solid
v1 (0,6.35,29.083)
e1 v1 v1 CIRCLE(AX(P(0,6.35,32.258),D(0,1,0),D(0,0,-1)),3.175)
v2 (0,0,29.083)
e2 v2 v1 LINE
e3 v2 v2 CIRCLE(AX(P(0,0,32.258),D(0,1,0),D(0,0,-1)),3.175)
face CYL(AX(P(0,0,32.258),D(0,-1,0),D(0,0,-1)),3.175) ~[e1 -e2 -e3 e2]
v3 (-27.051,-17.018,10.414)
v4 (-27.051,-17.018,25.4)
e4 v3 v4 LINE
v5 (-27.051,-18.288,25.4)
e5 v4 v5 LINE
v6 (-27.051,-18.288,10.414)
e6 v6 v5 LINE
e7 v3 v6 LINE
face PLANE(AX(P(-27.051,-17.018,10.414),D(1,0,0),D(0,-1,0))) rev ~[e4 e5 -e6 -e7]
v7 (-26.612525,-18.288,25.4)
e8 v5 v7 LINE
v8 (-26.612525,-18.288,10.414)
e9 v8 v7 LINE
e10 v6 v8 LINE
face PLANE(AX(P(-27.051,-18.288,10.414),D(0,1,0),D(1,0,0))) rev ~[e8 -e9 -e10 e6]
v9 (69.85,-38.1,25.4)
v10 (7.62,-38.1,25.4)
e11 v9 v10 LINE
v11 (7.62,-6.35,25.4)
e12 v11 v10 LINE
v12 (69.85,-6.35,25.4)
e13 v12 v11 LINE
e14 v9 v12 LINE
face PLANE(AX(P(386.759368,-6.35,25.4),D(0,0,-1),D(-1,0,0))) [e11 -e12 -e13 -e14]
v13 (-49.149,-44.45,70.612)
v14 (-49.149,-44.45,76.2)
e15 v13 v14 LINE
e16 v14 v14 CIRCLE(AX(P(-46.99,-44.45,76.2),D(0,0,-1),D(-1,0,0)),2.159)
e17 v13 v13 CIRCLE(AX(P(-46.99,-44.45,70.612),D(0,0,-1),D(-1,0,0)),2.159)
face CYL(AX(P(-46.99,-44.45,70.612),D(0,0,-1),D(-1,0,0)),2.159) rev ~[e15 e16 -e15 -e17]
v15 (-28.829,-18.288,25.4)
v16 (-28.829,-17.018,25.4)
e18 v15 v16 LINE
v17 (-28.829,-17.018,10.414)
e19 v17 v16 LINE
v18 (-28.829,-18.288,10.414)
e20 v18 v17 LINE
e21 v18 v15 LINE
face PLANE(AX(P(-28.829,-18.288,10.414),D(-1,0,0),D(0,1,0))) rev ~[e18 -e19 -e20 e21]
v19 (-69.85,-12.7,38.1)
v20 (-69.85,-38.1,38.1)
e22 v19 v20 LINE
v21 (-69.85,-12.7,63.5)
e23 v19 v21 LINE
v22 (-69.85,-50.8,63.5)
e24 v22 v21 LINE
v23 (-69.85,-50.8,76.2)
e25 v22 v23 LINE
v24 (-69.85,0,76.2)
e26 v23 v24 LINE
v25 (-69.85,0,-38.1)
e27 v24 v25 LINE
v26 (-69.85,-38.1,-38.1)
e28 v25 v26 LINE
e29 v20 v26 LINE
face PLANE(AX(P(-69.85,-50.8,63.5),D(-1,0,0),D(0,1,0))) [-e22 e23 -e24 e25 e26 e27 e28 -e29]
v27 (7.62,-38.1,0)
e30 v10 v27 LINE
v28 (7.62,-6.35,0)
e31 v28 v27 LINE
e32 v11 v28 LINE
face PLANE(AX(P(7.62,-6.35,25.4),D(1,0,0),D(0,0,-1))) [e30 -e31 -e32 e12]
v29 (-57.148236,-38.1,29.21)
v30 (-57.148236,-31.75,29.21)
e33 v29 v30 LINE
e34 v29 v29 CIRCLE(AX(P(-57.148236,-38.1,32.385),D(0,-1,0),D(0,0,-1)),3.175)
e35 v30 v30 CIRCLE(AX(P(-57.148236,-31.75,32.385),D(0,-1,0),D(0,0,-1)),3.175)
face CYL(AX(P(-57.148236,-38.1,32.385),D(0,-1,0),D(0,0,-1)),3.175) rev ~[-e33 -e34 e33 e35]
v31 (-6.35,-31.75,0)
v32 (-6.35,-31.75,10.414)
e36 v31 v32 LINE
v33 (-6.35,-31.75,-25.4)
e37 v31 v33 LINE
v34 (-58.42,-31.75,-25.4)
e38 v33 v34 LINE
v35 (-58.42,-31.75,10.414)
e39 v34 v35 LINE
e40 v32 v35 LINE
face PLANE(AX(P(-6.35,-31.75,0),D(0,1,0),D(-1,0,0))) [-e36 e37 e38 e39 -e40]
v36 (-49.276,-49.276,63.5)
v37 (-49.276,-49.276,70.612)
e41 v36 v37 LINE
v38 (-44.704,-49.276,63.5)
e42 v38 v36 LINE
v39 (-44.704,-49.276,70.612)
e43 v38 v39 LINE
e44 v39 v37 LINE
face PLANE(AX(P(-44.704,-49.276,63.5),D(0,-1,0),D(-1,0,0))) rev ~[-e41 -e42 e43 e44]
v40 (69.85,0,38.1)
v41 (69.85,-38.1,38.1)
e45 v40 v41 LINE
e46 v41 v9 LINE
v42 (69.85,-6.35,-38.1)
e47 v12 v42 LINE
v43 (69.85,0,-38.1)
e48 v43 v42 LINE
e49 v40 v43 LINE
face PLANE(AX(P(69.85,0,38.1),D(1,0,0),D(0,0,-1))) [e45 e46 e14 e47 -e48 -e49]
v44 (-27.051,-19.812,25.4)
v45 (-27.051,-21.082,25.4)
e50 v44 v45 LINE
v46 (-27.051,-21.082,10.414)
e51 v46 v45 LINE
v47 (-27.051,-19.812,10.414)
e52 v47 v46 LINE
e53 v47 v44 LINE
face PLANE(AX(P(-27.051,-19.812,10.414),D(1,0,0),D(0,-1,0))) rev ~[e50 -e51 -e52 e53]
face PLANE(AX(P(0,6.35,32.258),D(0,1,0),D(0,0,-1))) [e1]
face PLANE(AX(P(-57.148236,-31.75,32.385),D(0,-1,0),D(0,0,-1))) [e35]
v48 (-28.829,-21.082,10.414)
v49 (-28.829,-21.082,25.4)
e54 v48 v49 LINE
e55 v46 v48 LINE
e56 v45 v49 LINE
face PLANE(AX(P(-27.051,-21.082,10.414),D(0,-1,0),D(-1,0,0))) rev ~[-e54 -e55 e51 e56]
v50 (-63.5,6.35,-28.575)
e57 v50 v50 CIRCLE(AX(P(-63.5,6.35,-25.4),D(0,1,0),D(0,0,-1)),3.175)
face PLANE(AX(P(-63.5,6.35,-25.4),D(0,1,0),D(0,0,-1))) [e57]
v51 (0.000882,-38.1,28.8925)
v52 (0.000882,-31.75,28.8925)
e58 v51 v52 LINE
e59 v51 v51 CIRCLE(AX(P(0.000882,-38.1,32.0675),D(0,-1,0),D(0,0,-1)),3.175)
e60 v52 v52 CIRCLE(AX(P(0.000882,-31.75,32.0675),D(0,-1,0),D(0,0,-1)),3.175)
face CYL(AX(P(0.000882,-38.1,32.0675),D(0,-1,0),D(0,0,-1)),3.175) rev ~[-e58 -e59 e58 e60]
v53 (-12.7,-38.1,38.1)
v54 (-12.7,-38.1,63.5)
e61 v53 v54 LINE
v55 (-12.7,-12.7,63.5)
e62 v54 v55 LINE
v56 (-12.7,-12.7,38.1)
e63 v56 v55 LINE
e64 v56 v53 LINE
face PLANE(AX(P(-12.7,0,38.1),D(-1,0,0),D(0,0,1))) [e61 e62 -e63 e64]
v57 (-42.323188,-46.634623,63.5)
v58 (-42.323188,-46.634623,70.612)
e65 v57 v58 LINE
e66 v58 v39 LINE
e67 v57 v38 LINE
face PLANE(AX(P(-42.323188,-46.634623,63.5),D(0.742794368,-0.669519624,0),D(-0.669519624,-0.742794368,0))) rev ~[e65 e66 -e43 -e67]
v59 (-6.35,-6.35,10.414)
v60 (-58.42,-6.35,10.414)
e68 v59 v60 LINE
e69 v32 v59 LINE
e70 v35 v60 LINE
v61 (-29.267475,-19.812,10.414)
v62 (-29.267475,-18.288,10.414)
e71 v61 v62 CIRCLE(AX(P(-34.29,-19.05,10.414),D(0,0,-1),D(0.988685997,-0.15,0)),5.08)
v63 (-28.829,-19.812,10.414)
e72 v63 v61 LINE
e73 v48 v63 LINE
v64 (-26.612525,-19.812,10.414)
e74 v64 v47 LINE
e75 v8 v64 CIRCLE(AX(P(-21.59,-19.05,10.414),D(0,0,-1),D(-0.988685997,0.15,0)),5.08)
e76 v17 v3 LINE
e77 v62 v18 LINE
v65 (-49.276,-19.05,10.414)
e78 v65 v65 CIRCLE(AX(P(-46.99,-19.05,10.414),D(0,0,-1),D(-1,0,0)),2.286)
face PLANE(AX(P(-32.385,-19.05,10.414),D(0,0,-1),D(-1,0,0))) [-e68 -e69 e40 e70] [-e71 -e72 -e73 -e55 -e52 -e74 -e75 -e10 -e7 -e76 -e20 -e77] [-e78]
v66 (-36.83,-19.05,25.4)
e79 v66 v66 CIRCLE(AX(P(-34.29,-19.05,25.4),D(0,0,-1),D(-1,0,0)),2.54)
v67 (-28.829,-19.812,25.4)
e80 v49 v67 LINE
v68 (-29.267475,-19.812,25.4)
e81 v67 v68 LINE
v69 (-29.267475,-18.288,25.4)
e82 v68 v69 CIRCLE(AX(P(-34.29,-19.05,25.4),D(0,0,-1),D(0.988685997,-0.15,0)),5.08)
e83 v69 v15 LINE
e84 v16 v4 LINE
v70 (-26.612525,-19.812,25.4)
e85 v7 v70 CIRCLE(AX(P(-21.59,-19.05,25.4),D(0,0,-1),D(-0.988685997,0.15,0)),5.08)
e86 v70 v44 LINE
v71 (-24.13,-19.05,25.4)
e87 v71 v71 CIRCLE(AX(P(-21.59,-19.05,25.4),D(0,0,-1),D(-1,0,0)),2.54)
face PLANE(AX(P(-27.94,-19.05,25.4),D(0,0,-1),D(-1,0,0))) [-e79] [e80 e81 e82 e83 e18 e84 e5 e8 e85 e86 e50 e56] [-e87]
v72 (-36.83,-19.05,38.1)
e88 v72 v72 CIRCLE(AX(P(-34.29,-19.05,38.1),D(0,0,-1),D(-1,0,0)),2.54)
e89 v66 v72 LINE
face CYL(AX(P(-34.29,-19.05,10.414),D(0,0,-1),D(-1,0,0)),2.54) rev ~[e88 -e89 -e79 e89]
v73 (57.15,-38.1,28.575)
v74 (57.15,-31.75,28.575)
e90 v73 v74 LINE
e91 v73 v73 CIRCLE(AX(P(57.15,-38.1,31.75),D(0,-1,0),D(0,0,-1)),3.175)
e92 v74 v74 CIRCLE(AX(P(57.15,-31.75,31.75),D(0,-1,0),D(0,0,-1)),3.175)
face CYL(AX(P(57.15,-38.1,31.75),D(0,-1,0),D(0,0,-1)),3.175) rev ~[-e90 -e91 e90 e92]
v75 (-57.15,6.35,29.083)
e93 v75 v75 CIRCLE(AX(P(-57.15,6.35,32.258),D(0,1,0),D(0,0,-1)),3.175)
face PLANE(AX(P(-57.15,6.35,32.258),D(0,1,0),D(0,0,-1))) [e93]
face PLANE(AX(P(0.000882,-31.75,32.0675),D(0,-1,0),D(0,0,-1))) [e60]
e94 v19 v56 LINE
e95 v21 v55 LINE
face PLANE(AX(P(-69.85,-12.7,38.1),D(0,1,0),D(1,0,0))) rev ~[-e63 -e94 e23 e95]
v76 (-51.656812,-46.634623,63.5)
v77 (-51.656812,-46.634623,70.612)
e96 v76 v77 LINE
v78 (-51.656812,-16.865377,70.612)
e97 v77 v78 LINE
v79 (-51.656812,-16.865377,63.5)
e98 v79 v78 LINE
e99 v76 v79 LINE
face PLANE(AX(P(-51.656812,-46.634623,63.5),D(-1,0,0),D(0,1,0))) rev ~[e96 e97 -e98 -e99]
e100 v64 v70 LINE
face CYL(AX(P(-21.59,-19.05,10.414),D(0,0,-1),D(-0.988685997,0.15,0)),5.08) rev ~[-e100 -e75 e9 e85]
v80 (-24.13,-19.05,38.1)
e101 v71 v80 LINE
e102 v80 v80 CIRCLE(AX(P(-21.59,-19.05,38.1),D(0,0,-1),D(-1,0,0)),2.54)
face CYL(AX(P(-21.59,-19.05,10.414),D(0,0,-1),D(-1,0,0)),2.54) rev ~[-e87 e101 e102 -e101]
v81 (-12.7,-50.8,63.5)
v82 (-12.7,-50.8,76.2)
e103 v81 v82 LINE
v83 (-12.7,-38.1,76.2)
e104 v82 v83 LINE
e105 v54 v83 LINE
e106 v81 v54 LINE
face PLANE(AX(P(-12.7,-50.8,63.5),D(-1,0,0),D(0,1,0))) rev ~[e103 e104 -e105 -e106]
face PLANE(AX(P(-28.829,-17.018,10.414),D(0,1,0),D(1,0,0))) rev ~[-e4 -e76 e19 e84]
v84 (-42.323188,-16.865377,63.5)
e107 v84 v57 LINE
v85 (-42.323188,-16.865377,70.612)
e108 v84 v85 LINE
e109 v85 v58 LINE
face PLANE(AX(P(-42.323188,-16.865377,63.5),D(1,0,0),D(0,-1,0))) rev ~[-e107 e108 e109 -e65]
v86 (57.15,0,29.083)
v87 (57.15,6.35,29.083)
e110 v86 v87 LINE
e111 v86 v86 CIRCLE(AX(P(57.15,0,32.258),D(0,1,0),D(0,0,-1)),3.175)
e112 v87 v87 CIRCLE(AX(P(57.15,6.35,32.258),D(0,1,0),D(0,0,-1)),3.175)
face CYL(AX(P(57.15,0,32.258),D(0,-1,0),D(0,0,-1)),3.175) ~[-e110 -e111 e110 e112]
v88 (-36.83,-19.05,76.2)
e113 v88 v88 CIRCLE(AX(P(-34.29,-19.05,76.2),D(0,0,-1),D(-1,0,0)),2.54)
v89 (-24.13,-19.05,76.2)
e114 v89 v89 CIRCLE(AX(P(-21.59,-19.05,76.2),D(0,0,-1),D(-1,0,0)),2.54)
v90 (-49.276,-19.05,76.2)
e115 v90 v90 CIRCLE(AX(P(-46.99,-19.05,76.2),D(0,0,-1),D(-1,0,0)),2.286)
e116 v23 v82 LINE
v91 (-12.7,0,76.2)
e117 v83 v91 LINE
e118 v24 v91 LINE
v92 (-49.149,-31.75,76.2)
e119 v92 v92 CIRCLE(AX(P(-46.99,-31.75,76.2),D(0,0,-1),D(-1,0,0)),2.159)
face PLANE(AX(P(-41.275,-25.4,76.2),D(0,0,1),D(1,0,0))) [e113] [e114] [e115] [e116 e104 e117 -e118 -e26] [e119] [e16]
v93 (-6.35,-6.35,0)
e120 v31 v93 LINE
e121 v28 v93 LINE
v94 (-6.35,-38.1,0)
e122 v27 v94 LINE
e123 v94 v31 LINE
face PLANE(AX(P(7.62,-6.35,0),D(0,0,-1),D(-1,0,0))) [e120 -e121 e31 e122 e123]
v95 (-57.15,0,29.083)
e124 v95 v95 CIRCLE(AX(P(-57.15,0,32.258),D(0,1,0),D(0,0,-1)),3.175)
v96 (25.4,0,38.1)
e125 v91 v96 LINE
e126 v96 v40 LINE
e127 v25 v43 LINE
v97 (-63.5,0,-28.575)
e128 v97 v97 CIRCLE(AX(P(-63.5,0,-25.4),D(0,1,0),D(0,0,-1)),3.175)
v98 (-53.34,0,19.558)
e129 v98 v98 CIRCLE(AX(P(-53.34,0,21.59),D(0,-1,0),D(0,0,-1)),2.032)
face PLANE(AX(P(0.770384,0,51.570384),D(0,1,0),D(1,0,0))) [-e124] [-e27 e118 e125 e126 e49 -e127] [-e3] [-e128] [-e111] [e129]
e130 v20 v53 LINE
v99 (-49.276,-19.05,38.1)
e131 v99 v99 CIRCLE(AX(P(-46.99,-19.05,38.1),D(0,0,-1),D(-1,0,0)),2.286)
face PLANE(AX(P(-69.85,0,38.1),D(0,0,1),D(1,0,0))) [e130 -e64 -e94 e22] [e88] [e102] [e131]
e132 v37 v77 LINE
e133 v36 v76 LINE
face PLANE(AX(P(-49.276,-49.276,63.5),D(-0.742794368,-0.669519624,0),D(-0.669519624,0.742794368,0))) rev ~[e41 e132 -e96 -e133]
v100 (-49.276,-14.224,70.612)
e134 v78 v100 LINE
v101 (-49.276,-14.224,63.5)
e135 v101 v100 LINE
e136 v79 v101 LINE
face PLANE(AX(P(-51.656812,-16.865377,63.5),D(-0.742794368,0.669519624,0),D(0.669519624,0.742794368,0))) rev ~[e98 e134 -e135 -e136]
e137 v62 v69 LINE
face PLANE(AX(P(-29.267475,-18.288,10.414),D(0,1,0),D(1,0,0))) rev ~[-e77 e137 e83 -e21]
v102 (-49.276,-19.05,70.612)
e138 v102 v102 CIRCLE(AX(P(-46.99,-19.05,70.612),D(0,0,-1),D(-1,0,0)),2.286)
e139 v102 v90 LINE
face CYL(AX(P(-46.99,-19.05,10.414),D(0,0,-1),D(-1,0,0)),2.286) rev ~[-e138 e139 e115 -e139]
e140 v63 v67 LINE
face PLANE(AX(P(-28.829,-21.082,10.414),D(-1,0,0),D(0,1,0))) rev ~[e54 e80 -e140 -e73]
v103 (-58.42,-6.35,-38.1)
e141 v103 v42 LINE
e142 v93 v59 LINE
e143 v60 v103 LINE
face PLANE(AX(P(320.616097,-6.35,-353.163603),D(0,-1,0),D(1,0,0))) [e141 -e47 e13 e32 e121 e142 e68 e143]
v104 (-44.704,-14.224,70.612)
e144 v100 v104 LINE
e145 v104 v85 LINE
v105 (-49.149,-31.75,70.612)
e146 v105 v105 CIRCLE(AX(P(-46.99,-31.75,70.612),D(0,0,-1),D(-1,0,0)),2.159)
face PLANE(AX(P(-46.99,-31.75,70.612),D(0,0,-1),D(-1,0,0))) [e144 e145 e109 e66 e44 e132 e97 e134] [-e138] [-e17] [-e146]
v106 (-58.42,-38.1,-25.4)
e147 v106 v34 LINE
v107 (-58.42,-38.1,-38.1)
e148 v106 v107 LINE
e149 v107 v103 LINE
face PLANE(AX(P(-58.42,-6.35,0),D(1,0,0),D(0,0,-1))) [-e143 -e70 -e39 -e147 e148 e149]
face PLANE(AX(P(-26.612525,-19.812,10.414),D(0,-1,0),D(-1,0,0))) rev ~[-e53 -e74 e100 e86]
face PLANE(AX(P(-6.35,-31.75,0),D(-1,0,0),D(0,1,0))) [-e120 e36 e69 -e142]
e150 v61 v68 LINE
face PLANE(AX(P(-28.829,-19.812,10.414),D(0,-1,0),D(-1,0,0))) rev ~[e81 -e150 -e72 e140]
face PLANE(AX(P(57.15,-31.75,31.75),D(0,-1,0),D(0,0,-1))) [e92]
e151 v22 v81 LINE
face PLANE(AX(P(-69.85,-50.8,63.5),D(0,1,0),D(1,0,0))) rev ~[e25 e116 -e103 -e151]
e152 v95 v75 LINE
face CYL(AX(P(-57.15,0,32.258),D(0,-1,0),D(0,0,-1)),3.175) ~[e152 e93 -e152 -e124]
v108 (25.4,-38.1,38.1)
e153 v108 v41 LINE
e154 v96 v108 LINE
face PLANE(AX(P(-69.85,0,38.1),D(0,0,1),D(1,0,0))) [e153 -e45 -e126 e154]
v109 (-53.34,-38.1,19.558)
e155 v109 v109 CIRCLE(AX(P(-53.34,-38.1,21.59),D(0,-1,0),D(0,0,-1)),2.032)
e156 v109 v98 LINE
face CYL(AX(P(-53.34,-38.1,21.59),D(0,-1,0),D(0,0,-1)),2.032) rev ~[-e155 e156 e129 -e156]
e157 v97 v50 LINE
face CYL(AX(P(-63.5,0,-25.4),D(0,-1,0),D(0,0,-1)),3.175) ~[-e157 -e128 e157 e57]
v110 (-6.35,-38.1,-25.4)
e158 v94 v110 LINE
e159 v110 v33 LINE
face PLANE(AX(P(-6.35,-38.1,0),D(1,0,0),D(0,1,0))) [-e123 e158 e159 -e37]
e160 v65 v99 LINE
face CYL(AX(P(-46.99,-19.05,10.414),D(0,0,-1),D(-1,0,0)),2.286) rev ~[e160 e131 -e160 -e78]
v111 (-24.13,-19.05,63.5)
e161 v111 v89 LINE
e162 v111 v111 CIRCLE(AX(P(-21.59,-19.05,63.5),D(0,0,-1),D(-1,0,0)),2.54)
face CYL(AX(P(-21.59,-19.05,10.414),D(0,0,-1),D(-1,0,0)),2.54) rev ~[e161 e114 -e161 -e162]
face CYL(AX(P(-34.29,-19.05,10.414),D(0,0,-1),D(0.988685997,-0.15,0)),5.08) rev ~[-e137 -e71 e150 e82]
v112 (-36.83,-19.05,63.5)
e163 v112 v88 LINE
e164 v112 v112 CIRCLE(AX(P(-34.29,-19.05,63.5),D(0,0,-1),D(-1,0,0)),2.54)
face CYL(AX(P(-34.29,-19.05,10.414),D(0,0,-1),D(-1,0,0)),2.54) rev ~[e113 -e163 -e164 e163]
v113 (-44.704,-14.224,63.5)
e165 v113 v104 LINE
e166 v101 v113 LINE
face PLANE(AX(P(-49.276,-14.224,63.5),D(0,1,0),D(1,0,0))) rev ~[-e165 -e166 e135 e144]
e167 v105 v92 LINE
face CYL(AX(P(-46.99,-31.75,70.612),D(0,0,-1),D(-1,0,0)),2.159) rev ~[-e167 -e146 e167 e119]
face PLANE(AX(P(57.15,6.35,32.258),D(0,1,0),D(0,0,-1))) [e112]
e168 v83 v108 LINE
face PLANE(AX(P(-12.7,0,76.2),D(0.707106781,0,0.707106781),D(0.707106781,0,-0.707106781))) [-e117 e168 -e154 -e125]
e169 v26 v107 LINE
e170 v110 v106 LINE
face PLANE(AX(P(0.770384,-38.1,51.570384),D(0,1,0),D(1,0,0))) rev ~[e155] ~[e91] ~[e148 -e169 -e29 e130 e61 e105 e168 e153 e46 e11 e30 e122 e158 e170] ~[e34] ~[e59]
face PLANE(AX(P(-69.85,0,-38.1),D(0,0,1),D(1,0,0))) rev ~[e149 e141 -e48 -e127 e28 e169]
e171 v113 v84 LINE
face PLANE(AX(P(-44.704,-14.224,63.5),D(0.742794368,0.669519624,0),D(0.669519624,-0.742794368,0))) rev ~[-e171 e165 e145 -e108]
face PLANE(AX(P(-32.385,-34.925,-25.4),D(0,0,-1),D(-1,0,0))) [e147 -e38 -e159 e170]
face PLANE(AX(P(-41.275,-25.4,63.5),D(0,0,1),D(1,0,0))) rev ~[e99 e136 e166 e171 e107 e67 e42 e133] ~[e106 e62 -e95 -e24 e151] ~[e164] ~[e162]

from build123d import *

# Parameters (mm, degrees)
SKETCH1_W               = 139.7
SKETCH1_H               = 76.2
BOSS_EXTRUDE1_DEPTH     = 38.1
CUT_EXTRUDE1_DEPTH      = 89.217019333
CUT_EXTRUDE1_DEPTH_BACK = 31.75
SKETCH3_R               = 2.032
CUT_EXTRUDE2_DEPTH      = 89.217019333
SKETCH4_W               = 52.07
SKETCH4_H               = 25.4
CUT_EXTRUDE3_DEPTH      = 10.414
SKETCH7_W               = 57.15
SKETCH7_H               = 12.7
BOSS_EXTRUDE2_DEPTH     = 25.4
SKETCH8_W               = 57.15
SKETCH8_H               = 50.8
BOSS_EXTRUDE3_DEPTH     = 12.7
SKETCH5_R               = 2.286
SKETCH5_R_2             = 2.54
CUT_EXTRUDE4_DEPTH      = 109.570070904
CUT_EXTRUDE5_DEPTH      = 14.986
CUT_EXTRUDE6_DEPTH      = 7.112
SKETCH10_R              = 2.159
CUT_EXTRUDE7_DEPTH      = 139.84509874
SKETCH11_W              = 52.07
SKETCH11_H              = 6.35
BOSS_EXTRUDE4_DEPTH     = 25.4
BOSS_EXTRUDE5_DEPTH     = 38.1
SKETCH15_R              = 3.175
CUT_EXTRUDE8_DEPTH      = 6.35
SKETCH16_R              = 3.175
BOSS_EXTRUDE6_DEPTH     = 6.35


with BuildPart() as part:
    # Sketch1 → Boss-Extrude1 (new body)
    with BuildSketch(Plane(origin=(0, 0, 0), x_dir=(1, 0, 0), z_dir=(0, 1, 0))):
        Rectangle(SKETCH1_W, SKETCH1_H)
    extrude(amount=-BOSS_EXTRUDE1_DEPTH)

    # Sketch2 → Cut-Extrude1 (cut, two sides: drawn at the far end of the back side and taken through both)
    with BuildSketch(Plane.XZ.offset(38.1).offset(-CUT_EXTRUDE1_DEPTH_BACK)):
        Polygon((386.759367729, 25.4), (69.85, 25.4), (7.62, 25.4), (7.62, 0), (-58.42, 0), (-58.42, -38.1), (-58.42, -355.009367729), (353.331408797, -836.86719611), (798.510776526, -456.457828381), align=None)
    extrude(amount=CUT_EXTRUDE1_DEPTH + CUT_EXTRUDE1_DEPTH_BACK, mode=Mode.SUBTRACT)

    # Sketch3 → Cut-Extrude2 (cut, through all)
    with BuildSketch(Plane.XZ.offset(38.1)):
        with Locations(Location((-53.34, 21.59, 0), (0, 0, 270))):
            Circle(SKETCH3_R)
    extrude(amount=-CUT_EXTRUDE2_DEPTH, mode=Mode.SUBTRACT)

    # Sketch4 → Cut-Extrude3 (cut)
    with BuildSketch(Plane(origin=(0, 0, 0), x_dir=(-1, 0, 0), z_dir=(0, 0, -1))):
        with Locations((32.385, -19.05)):
            Rectangle(SKETCH4_W, SKETCH4_H)
    extrude(amount=-CUT_EXTRUDE3_DEPTH, mode=Mode.SUBTRACT)

    # Sketch7 → Boss-Extrude2 (add)
    with BuildSketch(Plane.XY.offset(38.1)):
        with Locations((-41.275, -6.35)):
            Rectangle(SKETCH7_W, SKETCH7_H)
    extrude(amount=BOSS_EXTRUDE2_DEPTH)

    # Sketch8 → Boss-Extrude3 (add)
    with BuildSketch(Plane.XY.offset(63.5)):
        with Locations((-41.275, -25.4)):
            Rectangle(SKETCH8_W, SKETCH8_H)
    extrude(amount=BOSS_EXTRUDE3_DEPTH)

    # Sketch5 → Cut-Extrude4 (cut, through all)
    with BuildSketch(Plane(origin=(0, 0, 10.414), x_dir=(-1, 0, 0), z_dir=(0, 0, -1))):
        with Locations((46.99, -19.05)):
            Circle(SKETCH5_R)
        with Locations((34.29, -19.05)):
            Circle(SKETCH5_R_2)
        with Locations((21.59, -19.05)):
            Circle(SKETCH5_R_2)
    extrude(amount=-CUT_EXTRUDE4_DEPTH, mode=Mode.SUBTRACT)

    # Sketch6 → Cut-Extrude5 (cut)
    with BuildSketch(Plane(origin=(0, 0, 10.414), x_dir=(-1, 0, 0), z_dir=(0, 0, -1))):
        with BuildLine():
            Line((27.051, -18.288), (26.612524863, -18.288))
            ThreePointArc((26.612524863, -18.288), (16.51, -19.05), (26.612524863, -19.812))
            Line((26.612524863, -19.812), (27.051, -19.812))
            Line((27.051, -19.812), (27.051, -21.082))
            Line((27.051, -21.082), (28.829, -21.082))
            Line((28.829, -21.082), (28.829, -19.812))
            Line((28.829, -19.812), (29.267475137, -19.812))
            ThreePointArc((29.267475137, -19.812), (39.37, -19.05), (29.267475137, -18.288))
            Line((29.267475137, -18.288), (28.829, -18.288))
            Line((28.829, -18.288), (28.829, -17.018))
            Line((28.829, -17.018), (27.051, -17.018))
            Line((27.051, -17.018), (27.051, -18.288))
        make_face()
    extrude(amount=-CUT_EXTRUDE5_DEPTH, mode=Mode.SUBTRACT)

    # Sketch9 → Cut-Extrude6 (cut)
    with BuildSketch(Plane(origin=(0, 0, 63.5), x_dir=(-1, 0, 0), z_dir=(0, 0, -1))):
        Polygon((42.323188216, -16.865376771), (42.323188216, -46.634623229), (44.704, -49.276), (49.276, -49.276), (51.656811784, -46.634623229), (51.656811784, -16.865376771), (49.276, -14.224), (44.704, -14.224), align=None)
    extrude(amount=-CUT_EXTRUDE6_DEPTH, mode=Mode.SUBTRACT)

    # Sketch10 → Cut-Extrude7 (cut, through all)
    with BuildSketch(Plane(origin=(0, 0, 70.612), x_dir=(-1, 0, 0), z_dir=(0, 0, -1))):
        with Locations((46.99, -19.05)):
            Circle(SKETCH10_R)
        with Locations((46.99, -31.75)):
            Circle(SKETCH10_R)
        with Locations((46.99, -44.45)):
            Circle(SKETCH10_R)
    extrude(amount=-CUT_EXTRUDE7_DEPTH, mode=Mode.SUBTRACT)

    # Sketch11 → Boss-Extrude4 (add)
    with BuildSketch(Plane(origin=(0, 0, 0), x_dir=(-1, 0, 0), z_dir=(0, 0, -1))):
        with Locations((32.385, -34.925)):
            Rectangle(SKETCH11_W, SKETCH11_H)
    extrude(amount=BOSS_EXTRUDE4_DEPTH)

    # Sketch14 → Boss-Extrude5 (add)
    with BuildSketch(Plane(origin=(0, 0, 0), x_dir=(1, 0, 0), z_dir=(0, 1, 0))):
        Polygon((-12.7, -76.2), (25.4, -38.1), (-12.7, -38.1), align=None)
    extrude(amount=-BOSS_EXTRUDE5_DEPTH)

    # Sketch15 → Cut-Extrude8 (cut)
    with BuildSketch(Plane.XZ.offset(38.1)):
        with Locations(Location((57.15, 31.75, 0), (0, 0, 270))):
            Circle(SKETCH15_R)
        with Locations(Location((0.000881951, 32.0675, 0), (0, 0, 270))):
            Circle(SKETCH15_R)
        with Locations(Location((-57.148236098, 32.385, 0), (0, 0, 270))):
            Circle(SKETCH15_R)
    extrude(amount=-CUT_EXTRUDE8_DEPTH, mode=Mode.SUBTRACT)

    # Sketch16 → Boss-Extrude6 (add)
    with BuildSketch(Plane(origin=(0, 0, 0), x_dir=(1, 0, 0), z_dir=(0, 1, 0))):
        with Locations(Location((57.15, -32.258, 0), (0, 0, 90))):
            Circle(SKETCH16_R)
        with Locations(Location((0, -32.258, 0), (0, 0, 90))):
            Circle(SKETCH16_R)
        with Locations(Location((-57.15, -32.258, 0), (0, 0, 90))):
            Circle(SKETCH16_R)
        with Locations(Location((-63.5, 25.4, 0), (0, 0, 90))):
            Circle(SKETCH16_R)
    extrude(amount=BOSS_EXTRUDE6_DEPTH)


solid = part.part
